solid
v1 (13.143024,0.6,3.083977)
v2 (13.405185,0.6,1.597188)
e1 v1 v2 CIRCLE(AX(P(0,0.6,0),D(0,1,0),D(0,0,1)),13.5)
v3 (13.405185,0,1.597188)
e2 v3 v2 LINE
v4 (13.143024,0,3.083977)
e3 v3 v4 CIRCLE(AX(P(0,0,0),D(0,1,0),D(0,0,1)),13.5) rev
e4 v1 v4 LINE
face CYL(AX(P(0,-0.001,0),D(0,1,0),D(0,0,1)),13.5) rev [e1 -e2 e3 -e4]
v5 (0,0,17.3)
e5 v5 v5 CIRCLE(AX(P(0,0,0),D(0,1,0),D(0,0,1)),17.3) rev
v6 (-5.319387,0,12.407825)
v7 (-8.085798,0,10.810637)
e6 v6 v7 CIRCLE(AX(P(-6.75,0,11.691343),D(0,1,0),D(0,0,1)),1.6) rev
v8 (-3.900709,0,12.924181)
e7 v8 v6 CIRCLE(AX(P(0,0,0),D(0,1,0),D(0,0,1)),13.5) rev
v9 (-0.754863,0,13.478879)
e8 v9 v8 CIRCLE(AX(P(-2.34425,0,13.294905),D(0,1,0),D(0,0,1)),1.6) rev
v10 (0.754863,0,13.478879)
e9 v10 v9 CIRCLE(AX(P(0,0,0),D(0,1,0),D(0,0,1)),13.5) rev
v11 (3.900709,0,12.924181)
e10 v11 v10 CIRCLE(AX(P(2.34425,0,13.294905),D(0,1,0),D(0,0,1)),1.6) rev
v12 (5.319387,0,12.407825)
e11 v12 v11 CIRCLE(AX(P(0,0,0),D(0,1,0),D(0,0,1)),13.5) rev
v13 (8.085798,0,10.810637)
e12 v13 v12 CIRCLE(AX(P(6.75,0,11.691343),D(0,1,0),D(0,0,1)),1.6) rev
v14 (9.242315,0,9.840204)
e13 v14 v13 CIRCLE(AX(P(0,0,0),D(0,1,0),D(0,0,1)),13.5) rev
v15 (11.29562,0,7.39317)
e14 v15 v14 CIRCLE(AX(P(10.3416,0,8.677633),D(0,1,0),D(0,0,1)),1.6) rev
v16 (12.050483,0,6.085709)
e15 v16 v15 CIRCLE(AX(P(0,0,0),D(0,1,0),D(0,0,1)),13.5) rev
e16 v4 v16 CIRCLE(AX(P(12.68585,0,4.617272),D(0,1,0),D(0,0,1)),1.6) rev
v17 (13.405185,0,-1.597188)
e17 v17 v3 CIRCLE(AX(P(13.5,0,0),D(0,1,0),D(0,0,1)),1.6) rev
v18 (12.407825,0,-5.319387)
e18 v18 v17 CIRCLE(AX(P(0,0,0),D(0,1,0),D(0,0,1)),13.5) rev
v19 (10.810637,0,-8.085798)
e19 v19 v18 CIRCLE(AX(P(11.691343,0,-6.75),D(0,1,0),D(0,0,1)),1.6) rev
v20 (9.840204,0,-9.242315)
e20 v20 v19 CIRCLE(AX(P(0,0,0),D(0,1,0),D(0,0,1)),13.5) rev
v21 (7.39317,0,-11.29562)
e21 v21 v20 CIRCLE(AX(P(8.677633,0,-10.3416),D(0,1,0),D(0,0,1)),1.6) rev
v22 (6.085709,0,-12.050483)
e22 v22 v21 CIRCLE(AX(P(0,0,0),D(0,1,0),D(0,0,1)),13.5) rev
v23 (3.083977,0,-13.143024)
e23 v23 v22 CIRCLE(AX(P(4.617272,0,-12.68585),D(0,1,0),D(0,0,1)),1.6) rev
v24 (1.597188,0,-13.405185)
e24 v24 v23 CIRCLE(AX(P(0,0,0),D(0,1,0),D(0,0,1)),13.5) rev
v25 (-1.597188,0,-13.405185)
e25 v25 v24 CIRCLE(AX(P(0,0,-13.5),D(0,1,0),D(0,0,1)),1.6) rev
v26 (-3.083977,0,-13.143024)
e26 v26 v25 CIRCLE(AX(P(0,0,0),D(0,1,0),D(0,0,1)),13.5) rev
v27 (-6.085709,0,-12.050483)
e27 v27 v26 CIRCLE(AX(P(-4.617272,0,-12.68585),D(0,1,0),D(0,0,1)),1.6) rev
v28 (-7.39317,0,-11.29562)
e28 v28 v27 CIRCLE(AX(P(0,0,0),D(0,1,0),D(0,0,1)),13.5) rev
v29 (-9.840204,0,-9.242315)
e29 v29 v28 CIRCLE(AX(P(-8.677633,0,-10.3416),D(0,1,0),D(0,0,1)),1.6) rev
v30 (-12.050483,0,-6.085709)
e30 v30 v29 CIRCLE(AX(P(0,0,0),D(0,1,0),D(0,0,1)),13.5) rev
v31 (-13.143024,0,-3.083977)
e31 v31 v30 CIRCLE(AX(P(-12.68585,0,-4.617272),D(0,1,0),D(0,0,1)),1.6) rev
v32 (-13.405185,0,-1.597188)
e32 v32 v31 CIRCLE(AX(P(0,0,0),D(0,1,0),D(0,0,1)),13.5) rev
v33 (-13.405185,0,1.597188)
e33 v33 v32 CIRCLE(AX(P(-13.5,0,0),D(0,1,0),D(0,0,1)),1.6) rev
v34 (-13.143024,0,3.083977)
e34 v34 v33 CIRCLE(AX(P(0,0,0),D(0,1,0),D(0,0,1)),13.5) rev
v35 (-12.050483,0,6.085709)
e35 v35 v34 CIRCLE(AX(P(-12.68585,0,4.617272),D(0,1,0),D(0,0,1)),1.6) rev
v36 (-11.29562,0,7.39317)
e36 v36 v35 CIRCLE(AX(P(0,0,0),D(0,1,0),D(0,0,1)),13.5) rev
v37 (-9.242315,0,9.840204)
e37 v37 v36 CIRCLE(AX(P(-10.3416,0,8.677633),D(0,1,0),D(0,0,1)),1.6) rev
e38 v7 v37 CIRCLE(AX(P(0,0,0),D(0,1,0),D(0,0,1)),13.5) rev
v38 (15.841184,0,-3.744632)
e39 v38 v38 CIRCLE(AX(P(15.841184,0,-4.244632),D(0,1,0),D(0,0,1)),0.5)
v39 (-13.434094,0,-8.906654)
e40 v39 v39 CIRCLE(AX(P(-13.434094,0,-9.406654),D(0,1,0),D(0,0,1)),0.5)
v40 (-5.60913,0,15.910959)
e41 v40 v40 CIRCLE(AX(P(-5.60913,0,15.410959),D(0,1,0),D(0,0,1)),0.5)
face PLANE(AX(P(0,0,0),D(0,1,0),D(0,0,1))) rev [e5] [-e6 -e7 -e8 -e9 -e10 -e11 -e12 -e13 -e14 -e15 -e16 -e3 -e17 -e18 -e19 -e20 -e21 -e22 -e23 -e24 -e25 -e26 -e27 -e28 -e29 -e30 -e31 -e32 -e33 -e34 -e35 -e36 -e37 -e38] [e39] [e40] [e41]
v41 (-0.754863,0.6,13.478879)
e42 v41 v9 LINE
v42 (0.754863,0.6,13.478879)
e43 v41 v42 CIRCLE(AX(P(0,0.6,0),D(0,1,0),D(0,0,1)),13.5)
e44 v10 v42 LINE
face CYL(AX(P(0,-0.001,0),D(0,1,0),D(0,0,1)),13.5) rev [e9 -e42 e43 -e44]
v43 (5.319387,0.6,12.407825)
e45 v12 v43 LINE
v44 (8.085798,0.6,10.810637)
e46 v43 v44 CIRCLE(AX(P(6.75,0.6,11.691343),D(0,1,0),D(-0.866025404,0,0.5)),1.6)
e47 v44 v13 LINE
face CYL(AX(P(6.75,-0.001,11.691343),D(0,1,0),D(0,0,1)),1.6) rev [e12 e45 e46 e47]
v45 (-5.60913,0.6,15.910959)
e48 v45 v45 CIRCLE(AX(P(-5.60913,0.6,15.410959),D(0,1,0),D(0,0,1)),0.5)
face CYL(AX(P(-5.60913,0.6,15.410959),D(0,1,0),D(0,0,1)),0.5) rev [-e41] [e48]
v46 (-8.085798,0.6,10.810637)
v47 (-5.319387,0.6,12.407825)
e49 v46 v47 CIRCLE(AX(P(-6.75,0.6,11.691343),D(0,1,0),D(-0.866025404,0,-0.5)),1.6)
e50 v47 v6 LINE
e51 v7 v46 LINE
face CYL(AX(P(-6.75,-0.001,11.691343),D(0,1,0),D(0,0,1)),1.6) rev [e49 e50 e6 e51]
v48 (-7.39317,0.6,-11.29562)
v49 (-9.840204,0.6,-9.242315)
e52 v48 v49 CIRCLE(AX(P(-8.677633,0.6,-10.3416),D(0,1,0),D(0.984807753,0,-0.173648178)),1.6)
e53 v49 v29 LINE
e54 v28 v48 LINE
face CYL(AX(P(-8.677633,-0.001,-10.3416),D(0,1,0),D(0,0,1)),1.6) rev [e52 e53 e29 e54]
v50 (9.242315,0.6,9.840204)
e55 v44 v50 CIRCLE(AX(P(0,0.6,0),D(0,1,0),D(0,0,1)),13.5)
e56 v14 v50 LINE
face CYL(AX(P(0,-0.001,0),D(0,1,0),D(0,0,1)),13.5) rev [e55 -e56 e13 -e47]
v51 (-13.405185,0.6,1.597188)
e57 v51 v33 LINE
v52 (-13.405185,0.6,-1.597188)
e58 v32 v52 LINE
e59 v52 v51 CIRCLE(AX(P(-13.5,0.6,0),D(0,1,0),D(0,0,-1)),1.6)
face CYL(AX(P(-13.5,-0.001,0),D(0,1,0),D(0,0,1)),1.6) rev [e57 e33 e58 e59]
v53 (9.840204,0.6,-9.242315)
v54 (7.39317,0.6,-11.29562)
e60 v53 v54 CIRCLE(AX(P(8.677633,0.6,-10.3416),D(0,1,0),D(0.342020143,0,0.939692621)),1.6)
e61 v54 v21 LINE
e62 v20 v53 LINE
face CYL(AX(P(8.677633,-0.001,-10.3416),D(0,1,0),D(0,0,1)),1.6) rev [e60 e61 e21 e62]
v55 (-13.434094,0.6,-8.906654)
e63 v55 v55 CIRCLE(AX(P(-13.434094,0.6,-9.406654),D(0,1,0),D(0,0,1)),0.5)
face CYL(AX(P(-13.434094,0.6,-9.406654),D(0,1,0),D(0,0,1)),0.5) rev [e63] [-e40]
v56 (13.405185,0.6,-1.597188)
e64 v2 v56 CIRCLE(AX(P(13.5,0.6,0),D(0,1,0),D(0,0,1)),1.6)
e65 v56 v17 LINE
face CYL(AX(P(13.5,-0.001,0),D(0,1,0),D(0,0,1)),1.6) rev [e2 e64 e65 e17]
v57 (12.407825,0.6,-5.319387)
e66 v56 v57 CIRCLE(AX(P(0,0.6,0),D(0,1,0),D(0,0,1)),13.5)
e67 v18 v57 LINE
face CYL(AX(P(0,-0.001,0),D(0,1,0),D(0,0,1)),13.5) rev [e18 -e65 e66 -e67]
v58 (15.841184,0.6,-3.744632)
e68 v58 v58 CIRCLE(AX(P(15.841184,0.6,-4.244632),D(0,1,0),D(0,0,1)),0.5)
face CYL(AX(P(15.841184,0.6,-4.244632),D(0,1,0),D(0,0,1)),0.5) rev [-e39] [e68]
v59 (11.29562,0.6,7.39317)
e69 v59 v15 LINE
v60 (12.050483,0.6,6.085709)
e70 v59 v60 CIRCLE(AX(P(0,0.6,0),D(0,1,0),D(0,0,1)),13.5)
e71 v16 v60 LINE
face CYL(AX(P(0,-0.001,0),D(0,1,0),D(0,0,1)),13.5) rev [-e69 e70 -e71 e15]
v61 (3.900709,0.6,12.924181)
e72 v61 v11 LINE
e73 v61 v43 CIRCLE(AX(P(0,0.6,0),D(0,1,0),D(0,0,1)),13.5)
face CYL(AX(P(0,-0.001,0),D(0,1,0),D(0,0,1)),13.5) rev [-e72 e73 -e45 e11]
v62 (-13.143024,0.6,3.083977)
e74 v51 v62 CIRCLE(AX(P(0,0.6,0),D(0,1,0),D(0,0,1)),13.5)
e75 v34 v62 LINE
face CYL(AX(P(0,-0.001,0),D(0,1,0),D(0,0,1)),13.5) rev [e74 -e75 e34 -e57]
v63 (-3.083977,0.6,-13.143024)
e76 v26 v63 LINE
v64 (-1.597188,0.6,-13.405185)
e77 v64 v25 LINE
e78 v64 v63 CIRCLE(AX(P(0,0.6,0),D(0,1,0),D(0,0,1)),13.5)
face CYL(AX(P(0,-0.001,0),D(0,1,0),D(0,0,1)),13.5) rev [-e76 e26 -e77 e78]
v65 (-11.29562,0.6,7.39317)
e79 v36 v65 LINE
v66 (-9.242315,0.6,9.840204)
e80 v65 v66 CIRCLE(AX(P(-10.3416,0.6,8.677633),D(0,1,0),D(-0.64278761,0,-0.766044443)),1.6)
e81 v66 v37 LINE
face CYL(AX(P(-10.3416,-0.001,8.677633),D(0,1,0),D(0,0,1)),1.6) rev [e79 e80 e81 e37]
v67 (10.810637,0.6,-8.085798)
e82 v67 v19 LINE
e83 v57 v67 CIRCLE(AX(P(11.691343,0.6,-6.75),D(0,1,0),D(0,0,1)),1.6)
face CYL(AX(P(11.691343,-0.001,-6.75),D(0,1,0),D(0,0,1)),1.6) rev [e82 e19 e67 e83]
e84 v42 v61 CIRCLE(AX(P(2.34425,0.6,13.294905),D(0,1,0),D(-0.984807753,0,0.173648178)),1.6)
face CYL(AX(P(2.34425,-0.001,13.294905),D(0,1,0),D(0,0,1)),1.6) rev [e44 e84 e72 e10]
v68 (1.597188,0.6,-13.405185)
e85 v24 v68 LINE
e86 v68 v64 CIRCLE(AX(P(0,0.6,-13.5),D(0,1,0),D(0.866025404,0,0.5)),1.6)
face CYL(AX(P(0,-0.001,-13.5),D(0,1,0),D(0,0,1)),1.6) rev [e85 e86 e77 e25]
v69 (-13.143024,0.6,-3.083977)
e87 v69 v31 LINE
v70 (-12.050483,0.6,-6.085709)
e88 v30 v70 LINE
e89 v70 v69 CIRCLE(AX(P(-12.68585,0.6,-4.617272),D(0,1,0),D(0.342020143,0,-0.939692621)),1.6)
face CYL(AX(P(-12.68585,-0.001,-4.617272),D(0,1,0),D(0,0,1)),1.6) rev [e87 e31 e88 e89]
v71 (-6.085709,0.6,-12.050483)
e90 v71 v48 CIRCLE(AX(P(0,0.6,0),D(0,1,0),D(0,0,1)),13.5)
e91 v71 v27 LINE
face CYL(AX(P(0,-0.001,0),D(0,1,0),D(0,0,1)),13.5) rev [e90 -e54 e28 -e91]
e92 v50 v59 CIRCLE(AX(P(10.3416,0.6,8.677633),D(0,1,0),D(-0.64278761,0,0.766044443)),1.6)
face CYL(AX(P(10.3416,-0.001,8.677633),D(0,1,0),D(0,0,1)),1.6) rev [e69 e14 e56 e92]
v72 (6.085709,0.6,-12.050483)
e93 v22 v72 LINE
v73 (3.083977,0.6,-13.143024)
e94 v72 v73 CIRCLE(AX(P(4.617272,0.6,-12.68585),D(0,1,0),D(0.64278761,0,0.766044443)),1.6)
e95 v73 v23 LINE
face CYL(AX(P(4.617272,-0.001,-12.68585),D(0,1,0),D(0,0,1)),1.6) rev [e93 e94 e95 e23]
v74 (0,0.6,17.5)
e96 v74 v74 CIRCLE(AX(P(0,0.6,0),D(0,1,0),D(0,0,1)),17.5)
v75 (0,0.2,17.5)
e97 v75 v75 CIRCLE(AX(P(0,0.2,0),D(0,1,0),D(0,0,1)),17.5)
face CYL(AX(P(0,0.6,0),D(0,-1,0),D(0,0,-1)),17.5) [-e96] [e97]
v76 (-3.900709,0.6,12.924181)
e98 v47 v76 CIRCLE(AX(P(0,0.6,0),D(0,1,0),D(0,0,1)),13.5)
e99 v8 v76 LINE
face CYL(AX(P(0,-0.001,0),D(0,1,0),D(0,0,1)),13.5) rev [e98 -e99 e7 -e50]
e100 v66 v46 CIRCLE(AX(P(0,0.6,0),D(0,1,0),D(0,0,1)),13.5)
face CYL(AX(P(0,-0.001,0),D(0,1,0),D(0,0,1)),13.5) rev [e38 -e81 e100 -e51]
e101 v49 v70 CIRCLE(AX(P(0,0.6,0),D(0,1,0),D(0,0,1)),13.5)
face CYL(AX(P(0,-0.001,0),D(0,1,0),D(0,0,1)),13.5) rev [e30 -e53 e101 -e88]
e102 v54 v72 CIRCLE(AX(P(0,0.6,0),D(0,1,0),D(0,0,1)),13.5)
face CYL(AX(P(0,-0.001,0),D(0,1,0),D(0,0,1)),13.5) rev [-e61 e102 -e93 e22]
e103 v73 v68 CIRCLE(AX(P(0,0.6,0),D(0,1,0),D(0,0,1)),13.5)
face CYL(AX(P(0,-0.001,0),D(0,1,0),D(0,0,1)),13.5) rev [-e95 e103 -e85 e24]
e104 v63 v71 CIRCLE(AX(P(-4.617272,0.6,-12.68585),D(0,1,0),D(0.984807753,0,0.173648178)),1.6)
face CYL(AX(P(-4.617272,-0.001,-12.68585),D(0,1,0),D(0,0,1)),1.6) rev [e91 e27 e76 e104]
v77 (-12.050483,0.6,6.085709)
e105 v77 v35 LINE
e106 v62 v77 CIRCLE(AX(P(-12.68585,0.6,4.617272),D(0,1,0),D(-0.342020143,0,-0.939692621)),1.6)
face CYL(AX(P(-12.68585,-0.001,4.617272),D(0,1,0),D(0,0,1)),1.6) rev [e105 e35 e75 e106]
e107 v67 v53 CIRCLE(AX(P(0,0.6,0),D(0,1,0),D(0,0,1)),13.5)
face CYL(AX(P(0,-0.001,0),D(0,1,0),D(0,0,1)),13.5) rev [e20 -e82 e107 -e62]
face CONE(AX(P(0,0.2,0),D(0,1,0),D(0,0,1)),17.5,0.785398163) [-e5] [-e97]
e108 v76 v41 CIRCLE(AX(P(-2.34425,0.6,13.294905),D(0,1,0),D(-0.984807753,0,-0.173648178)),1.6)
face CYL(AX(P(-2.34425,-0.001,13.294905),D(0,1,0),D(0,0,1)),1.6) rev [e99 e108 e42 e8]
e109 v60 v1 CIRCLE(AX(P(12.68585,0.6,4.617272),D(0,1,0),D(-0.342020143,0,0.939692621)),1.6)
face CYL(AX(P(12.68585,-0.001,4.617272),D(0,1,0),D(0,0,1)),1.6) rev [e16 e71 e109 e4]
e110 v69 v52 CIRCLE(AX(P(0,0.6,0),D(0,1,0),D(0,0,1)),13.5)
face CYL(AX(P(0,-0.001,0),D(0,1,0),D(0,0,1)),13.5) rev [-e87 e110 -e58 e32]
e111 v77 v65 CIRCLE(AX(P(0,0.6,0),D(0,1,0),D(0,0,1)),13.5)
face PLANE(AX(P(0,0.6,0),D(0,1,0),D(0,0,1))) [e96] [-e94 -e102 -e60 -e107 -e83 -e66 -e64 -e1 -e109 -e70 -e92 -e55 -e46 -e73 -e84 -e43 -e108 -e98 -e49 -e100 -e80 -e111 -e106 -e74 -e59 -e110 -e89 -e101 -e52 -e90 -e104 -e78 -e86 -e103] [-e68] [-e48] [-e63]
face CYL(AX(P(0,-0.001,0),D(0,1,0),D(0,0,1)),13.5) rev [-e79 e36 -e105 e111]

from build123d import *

# Parameters (mm, degrees)
SKETCH1_R                    = 17.5
BOSS_EXTRUDE1_DEPTH          = 0.6
CUT_EXTRUDE1_REACH           = 2.6
SKETCH2_R                    = 13.5
SKETCH3_R                    = 1.6
CUT_EXTRUDE2_DEPTH           = 0.6
CIRPATTERN1_COUNT            = 6
CIRPATTERN1_ANGLE            = 100
SKETCH4_R                    = 1.6
CUT_EXTRUDE3_DEPTH           = 0.6
CIRPATTERN2_COUNT            = 11
CIRPATTERN2_ANGLE            = 200
F_1_0_1_DIAMETER_HOLE1_D     = 1
F_1_0_1_DIAMETER_HOLE1_DEPTH = 0.6
CHAMFER1_SIZE                = 0.2


with BuildPart() as part:
    # Sketch1 → Boss-Extrude1 (new body)
    with BuildSketch(Plane(origin=(0, 0, 0), x_dir=(1, 0, 0), z_dir=(0, 1, 0))):
        Circle(SKETCH1_R)
    extrude(amount=BOSS_EXTRUDE1_DEPTH)

    # Sketch2 → Cut-Extrude1 (cut, up to next)
    with BuildSketch(Plane(origin=(0, 0.6, 0), x_dir=(1, 0, 0), z_dir=(0, 1, 0)), mode=Mode.PRIVATE) as cut_extrude1_sk1:
        Circle(SKETCH2_R)
    cut_extrude1_tool1 = extrude(cut_extrude1_sk1.sketch, amount=-CUT_EXTRUDE1_REACH, mode=Mode.PRIVATE) & part.part
    add(cut_extrude1_tool1.solids().sort_by_distance((0, 0.6, 0))[0], mode=Mode.SUBTRACT)

    # Sketch3 → Cut-Extrude2 (cut)
    with BuildSketch(Plane(origin=(0, 0.6, 0), x_dir=(1, 0, 0), z_dir=(0, 1, 0))):
        with Locations((11.691342951, 6.75)):
            Circle(SKETCH3_R)
    cut_extrude2 = extrude(amount=-CUT_EXTRUDE2_DEPTH, mode=Mode.SUBTRACT)

    # CirPattern1: Cut-Extrude2 ×6 about axis
    cirpattern1_axis = Axis((0, 0, 0), (0, 1, 0))
    for i in range(1, CIRPATTERN1_COUNT):
        add(cut_extrude2.rotate(cirpattern1_axis, i * CIRPATTERN1_ANGLE / (CIRPATTERN1_COUNT - 1)), mode=Mode.SUBTRACT)

    # Sketch4 → Cut-Extrude3 (cut)
    with BuildSketch(Plane(origin=(0, 0.6, 0), x_dir=(1, 0, 0), z_dir=(0, 1, 0))):
        with Locations((13.5, 0)):
            Circle(SKETCH4_R)
    cut_extrude3 = extrude(amount=-CUT_EXTRUDE3_DEPTH, mode=Mode.SUBTRACT)

    # CirPattern2: Cut-Extrude3 ×11 about axis
    cirpattern2_axis = Axis((0, 0, 0), (0, -1, 0))
    for i in range(1, CIRPATTERN2_COUNT):
        add(cut_extrude3.rotate(cirpattern2_axis, i * CIRPATTERN2_ANGLE / (CIRPATTERN2_COUNT - 1)), mode=Mode.SUBTRACT)

    # Ø1.0 (1) Diameter Hole1
    with Locations(Plane(origin=(0, 0.6, 0), x_dir=(1, 0, 0), z_dir=(0, 1, 0))):
        with Locations((15.841183551, 4.24463234), (-13.434093526, 9.406653556), (-5.609130351, -15.410958981)):
            Hole(F_1_0_1_DIAMETER_HOLE1_D / 2, depth=F_1_0_1_DIAMETER_HOLE1_DEPTH)

    # Chamfer1
    chamfer1_edges = [part.edges().sort_by_distance(p)[0] for p in [
        (-17.5, 0, 0),
    ]]
    chamfer(chamfer1_edges, length=CHAMFER1_SIZE)


solid = part.part
